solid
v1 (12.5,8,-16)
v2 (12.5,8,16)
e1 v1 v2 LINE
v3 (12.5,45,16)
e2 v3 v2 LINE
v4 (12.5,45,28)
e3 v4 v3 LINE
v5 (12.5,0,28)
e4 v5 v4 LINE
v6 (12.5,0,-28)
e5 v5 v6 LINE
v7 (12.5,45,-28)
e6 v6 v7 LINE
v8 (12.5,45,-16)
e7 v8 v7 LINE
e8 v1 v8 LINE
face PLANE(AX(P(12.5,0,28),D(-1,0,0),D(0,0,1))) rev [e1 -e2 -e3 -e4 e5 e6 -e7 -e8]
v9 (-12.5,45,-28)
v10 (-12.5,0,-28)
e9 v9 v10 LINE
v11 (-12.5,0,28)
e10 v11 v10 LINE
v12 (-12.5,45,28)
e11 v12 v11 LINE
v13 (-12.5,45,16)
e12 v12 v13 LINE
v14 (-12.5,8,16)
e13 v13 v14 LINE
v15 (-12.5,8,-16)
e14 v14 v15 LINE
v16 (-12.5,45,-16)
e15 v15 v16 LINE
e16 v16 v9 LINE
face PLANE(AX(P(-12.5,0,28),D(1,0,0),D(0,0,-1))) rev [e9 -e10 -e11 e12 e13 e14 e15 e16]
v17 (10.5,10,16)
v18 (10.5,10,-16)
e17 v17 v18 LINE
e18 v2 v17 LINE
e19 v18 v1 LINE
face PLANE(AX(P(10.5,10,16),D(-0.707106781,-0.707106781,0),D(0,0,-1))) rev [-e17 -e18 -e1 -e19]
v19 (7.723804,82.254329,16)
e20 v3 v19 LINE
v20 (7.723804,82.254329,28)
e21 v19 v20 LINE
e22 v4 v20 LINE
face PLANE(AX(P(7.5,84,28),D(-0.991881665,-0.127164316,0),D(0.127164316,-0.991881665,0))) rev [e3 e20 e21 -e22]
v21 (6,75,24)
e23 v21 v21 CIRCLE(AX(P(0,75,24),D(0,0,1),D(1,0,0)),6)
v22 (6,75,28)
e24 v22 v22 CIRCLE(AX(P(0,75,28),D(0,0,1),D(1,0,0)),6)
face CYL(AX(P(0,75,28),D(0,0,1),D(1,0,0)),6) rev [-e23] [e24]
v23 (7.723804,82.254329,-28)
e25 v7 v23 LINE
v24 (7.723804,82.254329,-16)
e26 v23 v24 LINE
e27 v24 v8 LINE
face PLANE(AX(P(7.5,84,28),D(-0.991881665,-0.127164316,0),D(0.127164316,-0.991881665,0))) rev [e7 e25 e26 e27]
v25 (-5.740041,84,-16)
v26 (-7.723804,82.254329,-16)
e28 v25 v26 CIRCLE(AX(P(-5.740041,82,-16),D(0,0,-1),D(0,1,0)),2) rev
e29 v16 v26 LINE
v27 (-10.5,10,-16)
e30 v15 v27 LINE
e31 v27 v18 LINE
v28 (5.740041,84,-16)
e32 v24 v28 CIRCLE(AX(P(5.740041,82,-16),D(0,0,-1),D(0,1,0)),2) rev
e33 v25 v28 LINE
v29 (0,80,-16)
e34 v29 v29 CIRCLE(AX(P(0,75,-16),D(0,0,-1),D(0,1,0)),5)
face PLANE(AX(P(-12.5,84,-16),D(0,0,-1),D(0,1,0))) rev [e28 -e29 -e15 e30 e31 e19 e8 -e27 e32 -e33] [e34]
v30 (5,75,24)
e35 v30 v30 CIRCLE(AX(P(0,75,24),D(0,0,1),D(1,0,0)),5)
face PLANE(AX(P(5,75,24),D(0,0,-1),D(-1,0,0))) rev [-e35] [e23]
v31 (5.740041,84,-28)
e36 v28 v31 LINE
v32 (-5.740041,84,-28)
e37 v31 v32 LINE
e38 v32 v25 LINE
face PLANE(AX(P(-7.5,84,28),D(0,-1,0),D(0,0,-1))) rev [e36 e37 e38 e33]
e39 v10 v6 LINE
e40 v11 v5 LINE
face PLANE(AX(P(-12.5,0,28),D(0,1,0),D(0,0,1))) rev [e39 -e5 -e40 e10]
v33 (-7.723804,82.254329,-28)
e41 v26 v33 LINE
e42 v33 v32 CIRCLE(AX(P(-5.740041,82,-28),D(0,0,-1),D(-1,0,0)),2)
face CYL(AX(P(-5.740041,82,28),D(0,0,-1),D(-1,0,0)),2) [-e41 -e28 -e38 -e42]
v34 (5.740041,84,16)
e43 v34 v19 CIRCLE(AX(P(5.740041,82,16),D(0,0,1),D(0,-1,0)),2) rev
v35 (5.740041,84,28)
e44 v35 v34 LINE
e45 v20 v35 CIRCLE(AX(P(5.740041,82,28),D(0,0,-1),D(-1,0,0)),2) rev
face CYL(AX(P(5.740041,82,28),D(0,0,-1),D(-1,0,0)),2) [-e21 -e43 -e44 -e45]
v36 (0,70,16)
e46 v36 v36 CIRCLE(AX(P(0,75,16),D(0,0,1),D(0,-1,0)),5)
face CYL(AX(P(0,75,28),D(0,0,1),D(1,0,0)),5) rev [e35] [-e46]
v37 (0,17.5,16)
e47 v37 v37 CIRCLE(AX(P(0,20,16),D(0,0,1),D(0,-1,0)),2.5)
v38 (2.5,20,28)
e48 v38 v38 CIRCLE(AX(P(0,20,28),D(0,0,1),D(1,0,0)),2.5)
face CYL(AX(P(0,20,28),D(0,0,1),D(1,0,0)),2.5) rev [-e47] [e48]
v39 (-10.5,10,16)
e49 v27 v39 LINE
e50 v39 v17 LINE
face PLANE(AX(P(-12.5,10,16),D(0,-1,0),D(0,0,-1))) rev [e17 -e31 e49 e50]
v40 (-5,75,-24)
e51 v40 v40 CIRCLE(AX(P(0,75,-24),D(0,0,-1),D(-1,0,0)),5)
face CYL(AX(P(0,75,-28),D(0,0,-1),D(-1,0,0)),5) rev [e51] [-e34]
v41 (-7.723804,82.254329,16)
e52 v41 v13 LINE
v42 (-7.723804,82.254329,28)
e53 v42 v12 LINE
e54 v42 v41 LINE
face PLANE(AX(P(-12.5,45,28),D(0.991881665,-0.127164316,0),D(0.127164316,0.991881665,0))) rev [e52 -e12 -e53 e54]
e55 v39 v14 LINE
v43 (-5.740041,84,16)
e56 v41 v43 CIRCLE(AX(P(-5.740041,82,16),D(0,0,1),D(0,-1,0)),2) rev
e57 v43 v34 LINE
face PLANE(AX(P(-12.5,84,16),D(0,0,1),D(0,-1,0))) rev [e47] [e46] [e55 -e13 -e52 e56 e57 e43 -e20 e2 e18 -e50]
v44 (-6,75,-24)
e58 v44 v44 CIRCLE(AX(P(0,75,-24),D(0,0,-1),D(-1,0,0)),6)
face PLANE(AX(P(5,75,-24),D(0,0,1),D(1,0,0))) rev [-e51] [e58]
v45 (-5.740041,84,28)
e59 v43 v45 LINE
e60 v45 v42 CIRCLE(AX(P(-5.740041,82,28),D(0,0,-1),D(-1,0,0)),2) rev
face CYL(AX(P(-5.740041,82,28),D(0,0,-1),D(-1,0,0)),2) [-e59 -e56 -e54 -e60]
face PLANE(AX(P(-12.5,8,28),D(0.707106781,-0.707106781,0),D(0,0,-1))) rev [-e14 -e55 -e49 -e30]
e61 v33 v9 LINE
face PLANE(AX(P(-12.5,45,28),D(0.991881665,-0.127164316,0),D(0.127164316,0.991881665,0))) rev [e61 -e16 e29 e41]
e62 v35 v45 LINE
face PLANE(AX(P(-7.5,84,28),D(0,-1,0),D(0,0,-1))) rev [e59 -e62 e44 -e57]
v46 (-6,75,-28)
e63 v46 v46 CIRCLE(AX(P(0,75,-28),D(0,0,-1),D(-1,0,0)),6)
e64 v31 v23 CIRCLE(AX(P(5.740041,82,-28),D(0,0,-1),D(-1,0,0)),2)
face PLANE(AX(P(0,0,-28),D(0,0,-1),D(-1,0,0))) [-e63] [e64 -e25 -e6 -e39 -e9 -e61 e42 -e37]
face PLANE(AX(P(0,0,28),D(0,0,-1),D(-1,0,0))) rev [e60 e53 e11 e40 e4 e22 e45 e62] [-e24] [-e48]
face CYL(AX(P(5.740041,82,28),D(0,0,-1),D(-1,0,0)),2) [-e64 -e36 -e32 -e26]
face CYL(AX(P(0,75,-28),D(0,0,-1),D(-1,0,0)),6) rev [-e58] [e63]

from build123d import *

# Parameters (mm, degrees)
BOSS_EXTRUDE2_DEPTH   = 28
SKETCH16_W            = 32
SKETCH16_H            = 74
CUT_EXTRUDE3_DEPTH    = 26
M6_TAPPED_HOLE1_D     = 5
M6_TAPPED_HOLE1_DEPTH = 27
M6_TAPPED_HOLE1_TIP   = 1.502151548
CHAMFER1_SIZE         = 2
FILLET1_R             = 2


with BuildPart() as part:
    # Sketch15 → Boss-Extrude2 (new body, symmetric)
    with BuildSketch(Plane.XY):
        Polygon((-12.5, 0), (12.5, 0), (12.5, 45), (7.5, 84), (-7.5, 84), (-12.5, 45), align=None)
    extrude(amount=BOSS_EXTRUDE2_DEPTH, both=True)

    # Sketch16 → Cut-Extrude3 (cut, through all)
    with BuildSketch(Plane(origin=(12.5, 0, 0), x_dir=(0, 0, -1), z_dir=(1, 0, 0))):
        with Locations((0, 47)):
            Rectangle(SKETCH16_W, SKETCH16_H)
    extrude(amount=-CUT_EXTRUDE3_DEPTH, mode=Mode.SUBTRACT)

    # Sketch18 → CBORE for M4 Hex Socket Head Cap Screw1 (revolve, cut)
    with BuildSketch(Plane(origin=(0, 75, 28), x_dir=(0, -1, 0), z_dir=(1, 0, 0))):
        Polygon((0, 0), (0, 23.004303095), (5, 20), (5, 4), (6, 4), (6, 0), align=None)
    cbore_for_m4_hex_socket_head_cap_screw1 = revolve(axis=Axis((0, 75, 34.35), (0, 0, -1)), mode=Mode.SUBTRACT)

    # Mirror1: CBORE for M4 Hex Socket Head Cap Screw1 across plane
    add(cbore_for_m4_hex_socket_head_cap_screw1.mirror(Plane.XY), mode=Mode.SUBTRACT)

    # M6 Tapped Hole1
    with Locations(Plane.XY.offset(28)):
        with Locations((0, 20)):
            Hole(M6_TAPPED_HOLE1_D / 2, depth=M6_TAPPED_HOLE1_DEPTH)
            with Locations((0, 0, -(M6_TAPPED_HOLE1_DEPTH + M6_TAPPED_HOLE1_TIP / 2))):  # 118° drill point
                Cone(0, M6_TAPPED_HOLE1_D / 2, M6_TAPPED_HOLE1_TIP, mode=Mode.SUBTRACT)

    # Chamfer1
    chamfer1_edges = [part.edges().sort_by_distance(p)[0] for p in [
        (12.5, 10, 0),
        (-12.5, 10, 0),
    ]]
    chamfer(chamfer1_edges, length=CHAMFER1_SIZE)

    # Fillet1
    fillet1_edges = [part.edges().sort_by_distance(p)[0] for p in [
        (-7.5, 84, 22),
        (7.5, 84, 22),
        (-7.5, 84, -22),
        (7.5, 84, -22),
    ]]
    fillet(fillet1_edges, radius=FILLET1_R)


solid = part.part
